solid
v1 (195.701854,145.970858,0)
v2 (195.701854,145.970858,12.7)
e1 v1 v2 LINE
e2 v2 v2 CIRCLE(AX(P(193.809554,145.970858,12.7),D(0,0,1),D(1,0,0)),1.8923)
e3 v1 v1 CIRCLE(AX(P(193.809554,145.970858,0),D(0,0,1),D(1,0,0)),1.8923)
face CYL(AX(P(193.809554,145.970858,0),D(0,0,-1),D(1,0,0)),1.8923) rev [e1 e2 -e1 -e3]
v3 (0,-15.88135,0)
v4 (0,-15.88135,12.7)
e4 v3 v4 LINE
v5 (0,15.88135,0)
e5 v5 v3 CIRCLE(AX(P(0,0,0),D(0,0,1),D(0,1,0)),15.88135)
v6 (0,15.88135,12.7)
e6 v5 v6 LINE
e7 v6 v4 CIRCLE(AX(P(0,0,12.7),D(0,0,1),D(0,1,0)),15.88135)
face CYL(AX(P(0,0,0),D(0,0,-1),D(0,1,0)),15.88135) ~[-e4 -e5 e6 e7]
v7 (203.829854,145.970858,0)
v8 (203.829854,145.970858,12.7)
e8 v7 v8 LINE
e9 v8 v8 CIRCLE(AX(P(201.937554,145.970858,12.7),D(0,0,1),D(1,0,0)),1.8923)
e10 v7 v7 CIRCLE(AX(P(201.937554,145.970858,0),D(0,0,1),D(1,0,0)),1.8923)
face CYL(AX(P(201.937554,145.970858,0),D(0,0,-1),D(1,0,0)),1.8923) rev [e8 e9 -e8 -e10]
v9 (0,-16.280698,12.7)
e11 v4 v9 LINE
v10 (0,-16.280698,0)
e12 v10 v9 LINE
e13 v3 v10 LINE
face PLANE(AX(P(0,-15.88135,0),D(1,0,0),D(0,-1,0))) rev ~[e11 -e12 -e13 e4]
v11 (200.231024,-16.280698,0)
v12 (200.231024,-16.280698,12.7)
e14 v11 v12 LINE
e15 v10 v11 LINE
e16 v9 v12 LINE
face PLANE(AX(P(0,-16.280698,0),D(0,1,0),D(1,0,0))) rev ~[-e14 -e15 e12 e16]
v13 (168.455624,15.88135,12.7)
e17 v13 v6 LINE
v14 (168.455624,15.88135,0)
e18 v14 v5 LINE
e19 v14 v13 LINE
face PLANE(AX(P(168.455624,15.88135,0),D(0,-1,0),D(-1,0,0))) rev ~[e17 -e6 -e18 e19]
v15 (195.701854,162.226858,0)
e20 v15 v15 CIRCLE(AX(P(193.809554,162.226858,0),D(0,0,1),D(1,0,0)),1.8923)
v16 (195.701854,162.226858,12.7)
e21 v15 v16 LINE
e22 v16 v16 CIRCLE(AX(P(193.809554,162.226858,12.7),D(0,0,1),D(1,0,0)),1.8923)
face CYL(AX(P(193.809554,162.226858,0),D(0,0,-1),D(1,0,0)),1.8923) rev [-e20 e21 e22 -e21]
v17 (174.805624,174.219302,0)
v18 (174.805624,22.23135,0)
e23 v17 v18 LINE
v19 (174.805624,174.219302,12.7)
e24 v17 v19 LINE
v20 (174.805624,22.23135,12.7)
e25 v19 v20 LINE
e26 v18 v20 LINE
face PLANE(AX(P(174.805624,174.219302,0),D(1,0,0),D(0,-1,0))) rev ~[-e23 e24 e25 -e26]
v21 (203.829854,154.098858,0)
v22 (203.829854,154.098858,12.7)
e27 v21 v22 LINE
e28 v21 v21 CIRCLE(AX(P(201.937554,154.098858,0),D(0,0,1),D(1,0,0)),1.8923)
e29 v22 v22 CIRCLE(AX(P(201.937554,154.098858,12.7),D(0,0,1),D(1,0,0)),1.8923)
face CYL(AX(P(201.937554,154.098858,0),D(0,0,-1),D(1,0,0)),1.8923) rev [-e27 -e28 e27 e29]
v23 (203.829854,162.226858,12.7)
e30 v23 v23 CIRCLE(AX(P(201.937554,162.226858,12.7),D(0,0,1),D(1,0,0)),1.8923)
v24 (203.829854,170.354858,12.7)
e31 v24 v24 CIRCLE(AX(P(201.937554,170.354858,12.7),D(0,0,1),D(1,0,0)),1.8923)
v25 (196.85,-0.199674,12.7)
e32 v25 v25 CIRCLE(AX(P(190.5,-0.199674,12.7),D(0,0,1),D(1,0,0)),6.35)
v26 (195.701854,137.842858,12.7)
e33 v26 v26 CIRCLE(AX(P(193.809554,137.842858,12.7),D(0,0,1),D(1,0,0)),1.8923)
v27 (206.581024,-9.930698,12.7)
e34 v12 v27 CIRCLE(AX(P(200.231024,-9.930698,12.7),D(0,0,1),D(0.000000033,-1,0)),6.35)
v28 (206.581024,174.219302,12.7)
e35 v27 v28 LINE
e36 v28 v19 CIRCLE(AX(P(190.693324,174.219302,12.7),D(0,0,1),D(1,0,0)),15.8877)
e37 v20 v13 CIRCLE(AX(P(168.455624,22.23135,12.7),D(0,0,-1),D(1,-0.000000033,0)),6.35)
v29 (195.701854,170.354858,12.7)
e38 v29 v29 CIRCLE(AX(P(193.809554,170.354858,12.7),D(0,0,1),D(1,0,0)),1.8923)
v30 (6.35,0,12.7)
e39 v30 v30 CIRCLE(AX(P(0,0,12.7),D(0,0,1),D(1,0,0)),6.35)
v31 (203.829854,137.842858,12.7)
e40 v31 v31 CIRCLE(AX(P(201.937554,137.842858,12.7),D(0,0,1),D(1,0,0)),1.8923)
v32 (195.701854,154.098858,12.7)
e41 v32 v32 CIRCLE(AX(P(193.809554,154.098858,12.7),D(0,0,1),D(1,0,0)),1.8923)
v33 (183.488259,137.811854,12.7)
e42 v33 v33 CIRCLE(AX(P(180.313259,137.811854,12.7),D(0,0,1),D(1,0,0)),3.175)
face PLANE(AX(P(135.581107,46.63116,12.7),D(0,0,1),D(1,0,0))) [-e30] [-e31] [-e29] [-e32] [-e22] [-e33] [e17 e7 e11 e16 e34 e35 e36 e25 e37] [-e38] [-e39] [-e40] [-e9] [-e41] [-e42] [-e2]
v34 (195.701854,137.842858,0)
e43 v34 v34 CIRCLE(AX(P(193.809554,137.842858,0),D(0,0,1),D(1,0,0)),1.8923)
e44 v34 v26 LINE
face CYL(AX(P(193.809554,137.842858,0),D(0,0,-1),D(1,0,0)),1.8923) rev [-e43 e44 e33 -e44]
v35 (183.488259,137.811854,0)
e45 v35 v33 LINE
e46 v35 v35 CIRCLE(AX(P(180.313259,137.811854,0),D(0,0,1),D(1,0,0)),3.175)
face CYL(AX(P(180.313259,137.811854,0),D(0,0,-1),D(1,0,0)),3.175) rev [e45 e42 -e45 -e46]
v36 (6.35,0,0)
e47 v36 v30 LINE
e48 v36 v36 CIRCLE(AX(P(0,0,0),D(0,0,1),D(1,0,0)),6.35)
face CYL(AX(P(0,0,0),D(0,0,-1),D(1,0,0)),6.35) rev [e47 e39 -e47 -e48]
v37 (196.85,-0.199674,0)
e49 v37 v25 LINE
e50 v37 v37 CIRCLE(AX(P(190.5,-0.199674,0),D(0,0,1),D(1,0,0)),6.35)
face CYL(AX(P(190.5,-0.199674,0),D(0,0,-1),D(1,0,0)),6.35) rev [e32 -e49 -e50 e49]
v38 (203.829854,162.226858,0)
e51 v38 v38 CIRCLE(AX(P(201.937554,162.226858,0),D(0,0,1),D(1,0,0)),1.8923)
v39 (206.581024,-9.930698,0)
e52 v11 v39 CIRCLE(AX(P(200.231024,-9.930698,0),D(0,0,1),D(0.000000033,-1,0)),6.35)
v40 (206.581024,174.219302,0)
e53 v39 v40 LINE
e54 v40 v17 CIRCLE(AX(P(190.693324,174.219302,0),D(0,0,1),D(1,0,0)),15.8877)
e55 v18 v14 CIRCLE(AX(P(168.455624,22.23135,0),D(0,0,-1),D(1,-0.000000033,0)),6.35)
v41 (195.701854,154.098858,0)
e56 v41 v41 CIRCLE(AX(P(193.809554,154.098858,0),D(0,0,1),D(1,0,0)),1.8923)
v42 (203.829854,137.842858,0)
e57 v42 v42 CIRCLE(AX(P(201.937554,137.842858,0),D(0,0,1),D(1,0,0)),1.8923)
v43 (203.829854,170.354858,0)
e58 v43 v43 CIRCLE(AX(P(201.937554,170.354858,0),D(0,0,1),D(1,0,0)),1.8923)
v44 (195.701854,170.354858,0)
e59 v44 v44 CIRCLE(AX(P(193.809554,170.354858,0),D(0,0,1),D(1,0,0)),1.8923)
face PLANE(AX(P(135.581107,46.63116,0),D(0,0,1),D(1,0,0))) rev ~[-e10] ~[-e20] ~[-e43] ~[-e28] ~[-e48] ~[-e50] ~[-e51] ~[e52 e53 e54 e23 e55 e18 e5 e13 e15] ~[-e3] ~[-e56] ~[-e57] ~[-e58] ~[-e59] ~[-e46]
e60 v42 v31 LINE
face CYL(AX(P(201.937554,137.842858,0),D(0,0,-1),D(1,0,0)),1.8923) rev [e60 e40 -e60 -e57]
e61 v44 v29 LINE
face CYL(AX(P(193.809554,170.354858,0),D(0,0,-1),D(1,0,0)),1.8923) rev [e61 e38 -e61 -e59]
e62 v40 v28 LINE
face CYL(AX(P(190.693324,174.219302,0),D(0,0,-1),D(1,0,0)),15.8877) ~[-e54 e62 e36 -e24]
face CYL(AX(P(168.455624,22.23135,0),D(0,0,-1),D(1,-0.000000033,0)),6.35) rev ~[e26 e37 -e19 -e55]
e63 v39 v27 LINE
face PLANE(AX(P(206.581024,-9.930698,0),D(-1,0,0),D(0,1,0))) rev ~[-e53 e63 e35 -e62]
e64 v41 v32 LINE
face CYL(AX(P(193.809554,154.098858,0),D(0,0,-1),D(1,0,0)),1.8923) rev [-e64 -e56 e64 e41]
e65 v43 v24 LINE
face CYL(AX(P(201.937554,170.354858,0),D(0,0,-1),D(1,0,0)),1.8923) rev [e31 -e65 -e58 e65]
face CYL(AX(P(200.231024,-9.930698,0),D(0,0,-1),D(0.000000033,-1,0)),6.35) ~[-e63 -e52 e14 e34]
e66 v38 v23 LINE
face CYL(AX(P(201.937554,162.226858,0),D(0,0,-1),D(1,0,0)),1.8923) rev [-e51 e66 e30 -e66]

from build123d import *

# Parameters (mm, degrees)
F0_R     = 6.35
F0_R_2   = 3.175
F0_R_3   = 1.8923
F1_DEPTH = 12.7


with BuildPart() as f1:
    # F0 (on Top) → F1 (new body)
    with BuildSketch(Plane.XY):
        with BuildLine():
            Line((168.455624, 15.88135), (0, 15.88135))
            ThreePointArc((0, 15.88135), (-15.88135, 0), (0, -15.88135))
            Line((0, -15.88135), (0, -16.280698))
            Line((0, -16.280698), (174.805624, -16.280698))
            Line((174.805624, -16.280698), (190.5, -16.280698))
            Line((190.5, -16.280698), (200.231024, -16.280698))
            ThreePointArc((200.231024, -16.280698), (204.721152, -14.420826), (206.581024, -9.930698))
            Line((206.581024, -9.930698), (206.581024, 174.219302))
            ThreePointArc((206.581024, 174.219302), (190.693324, 190.107002), (174.805624, 174.219302))
            Line((174.805624, 174.219302), (174.805624, 22.23135))
            ThreePointArc((174.805624, 22.23135), (172.945752, 17.741222), (168.455624, 15.88135))
        make_face()
        Circle(F0_R, mode=Mode.SUBTRACT)
        with Locations((190.5, -0.199674)):
            Circle(F0_R, mode=Mode.SUBTRACT)
        with Locations((180.313259, 137.811854)):
            Circle(F0_R_2, mode=Mode.SUBTRACT)
        with Locations((193.809554, 137.842858)):
            Circle(F0_R_3, mode=Mode.SUBTRACT)
        with Locations((201.937554, 137.842858)):
            Circle(F0_R_3, mode=Mode.SUBTRACT)
        with Locations((193.809554, 145.970858)):
            Circle(F0_R_3, mode=Mode.SUBTRACT)
        with Locations((201.937554, 145.970858)):
            Circle(F0_R_3, mode=Mode.SUBTRACT)
        with Locations((193.809554, 154.098858)):
            Circle(F0_R_3, mode=Mode.SUBTRACT)
        with Locations((201.937554, 154.098858)):
            Circle(F0_R_3, mode=Mode.SUBTRACT)
        with Locations((193.809554, 162.226858)):
            Circle(F0_R_3, mode=Mode.SUBTRACT)
        with Locations((201.937554, 162.226858)):
            Circle(F0_R_3, mode=Mode.SUBTRACT)
        with Locations((193.809554, 170.354858)):
            Circle(F0_R_3, mode=Mode.SUBTRACT)
        with Locations((201.937554, 170.354858)):
            Circle(F0_R_3, mode=Mode.SUBTRACT)
    extrude(amount=F1_DEPTH)


solid = f1.part
